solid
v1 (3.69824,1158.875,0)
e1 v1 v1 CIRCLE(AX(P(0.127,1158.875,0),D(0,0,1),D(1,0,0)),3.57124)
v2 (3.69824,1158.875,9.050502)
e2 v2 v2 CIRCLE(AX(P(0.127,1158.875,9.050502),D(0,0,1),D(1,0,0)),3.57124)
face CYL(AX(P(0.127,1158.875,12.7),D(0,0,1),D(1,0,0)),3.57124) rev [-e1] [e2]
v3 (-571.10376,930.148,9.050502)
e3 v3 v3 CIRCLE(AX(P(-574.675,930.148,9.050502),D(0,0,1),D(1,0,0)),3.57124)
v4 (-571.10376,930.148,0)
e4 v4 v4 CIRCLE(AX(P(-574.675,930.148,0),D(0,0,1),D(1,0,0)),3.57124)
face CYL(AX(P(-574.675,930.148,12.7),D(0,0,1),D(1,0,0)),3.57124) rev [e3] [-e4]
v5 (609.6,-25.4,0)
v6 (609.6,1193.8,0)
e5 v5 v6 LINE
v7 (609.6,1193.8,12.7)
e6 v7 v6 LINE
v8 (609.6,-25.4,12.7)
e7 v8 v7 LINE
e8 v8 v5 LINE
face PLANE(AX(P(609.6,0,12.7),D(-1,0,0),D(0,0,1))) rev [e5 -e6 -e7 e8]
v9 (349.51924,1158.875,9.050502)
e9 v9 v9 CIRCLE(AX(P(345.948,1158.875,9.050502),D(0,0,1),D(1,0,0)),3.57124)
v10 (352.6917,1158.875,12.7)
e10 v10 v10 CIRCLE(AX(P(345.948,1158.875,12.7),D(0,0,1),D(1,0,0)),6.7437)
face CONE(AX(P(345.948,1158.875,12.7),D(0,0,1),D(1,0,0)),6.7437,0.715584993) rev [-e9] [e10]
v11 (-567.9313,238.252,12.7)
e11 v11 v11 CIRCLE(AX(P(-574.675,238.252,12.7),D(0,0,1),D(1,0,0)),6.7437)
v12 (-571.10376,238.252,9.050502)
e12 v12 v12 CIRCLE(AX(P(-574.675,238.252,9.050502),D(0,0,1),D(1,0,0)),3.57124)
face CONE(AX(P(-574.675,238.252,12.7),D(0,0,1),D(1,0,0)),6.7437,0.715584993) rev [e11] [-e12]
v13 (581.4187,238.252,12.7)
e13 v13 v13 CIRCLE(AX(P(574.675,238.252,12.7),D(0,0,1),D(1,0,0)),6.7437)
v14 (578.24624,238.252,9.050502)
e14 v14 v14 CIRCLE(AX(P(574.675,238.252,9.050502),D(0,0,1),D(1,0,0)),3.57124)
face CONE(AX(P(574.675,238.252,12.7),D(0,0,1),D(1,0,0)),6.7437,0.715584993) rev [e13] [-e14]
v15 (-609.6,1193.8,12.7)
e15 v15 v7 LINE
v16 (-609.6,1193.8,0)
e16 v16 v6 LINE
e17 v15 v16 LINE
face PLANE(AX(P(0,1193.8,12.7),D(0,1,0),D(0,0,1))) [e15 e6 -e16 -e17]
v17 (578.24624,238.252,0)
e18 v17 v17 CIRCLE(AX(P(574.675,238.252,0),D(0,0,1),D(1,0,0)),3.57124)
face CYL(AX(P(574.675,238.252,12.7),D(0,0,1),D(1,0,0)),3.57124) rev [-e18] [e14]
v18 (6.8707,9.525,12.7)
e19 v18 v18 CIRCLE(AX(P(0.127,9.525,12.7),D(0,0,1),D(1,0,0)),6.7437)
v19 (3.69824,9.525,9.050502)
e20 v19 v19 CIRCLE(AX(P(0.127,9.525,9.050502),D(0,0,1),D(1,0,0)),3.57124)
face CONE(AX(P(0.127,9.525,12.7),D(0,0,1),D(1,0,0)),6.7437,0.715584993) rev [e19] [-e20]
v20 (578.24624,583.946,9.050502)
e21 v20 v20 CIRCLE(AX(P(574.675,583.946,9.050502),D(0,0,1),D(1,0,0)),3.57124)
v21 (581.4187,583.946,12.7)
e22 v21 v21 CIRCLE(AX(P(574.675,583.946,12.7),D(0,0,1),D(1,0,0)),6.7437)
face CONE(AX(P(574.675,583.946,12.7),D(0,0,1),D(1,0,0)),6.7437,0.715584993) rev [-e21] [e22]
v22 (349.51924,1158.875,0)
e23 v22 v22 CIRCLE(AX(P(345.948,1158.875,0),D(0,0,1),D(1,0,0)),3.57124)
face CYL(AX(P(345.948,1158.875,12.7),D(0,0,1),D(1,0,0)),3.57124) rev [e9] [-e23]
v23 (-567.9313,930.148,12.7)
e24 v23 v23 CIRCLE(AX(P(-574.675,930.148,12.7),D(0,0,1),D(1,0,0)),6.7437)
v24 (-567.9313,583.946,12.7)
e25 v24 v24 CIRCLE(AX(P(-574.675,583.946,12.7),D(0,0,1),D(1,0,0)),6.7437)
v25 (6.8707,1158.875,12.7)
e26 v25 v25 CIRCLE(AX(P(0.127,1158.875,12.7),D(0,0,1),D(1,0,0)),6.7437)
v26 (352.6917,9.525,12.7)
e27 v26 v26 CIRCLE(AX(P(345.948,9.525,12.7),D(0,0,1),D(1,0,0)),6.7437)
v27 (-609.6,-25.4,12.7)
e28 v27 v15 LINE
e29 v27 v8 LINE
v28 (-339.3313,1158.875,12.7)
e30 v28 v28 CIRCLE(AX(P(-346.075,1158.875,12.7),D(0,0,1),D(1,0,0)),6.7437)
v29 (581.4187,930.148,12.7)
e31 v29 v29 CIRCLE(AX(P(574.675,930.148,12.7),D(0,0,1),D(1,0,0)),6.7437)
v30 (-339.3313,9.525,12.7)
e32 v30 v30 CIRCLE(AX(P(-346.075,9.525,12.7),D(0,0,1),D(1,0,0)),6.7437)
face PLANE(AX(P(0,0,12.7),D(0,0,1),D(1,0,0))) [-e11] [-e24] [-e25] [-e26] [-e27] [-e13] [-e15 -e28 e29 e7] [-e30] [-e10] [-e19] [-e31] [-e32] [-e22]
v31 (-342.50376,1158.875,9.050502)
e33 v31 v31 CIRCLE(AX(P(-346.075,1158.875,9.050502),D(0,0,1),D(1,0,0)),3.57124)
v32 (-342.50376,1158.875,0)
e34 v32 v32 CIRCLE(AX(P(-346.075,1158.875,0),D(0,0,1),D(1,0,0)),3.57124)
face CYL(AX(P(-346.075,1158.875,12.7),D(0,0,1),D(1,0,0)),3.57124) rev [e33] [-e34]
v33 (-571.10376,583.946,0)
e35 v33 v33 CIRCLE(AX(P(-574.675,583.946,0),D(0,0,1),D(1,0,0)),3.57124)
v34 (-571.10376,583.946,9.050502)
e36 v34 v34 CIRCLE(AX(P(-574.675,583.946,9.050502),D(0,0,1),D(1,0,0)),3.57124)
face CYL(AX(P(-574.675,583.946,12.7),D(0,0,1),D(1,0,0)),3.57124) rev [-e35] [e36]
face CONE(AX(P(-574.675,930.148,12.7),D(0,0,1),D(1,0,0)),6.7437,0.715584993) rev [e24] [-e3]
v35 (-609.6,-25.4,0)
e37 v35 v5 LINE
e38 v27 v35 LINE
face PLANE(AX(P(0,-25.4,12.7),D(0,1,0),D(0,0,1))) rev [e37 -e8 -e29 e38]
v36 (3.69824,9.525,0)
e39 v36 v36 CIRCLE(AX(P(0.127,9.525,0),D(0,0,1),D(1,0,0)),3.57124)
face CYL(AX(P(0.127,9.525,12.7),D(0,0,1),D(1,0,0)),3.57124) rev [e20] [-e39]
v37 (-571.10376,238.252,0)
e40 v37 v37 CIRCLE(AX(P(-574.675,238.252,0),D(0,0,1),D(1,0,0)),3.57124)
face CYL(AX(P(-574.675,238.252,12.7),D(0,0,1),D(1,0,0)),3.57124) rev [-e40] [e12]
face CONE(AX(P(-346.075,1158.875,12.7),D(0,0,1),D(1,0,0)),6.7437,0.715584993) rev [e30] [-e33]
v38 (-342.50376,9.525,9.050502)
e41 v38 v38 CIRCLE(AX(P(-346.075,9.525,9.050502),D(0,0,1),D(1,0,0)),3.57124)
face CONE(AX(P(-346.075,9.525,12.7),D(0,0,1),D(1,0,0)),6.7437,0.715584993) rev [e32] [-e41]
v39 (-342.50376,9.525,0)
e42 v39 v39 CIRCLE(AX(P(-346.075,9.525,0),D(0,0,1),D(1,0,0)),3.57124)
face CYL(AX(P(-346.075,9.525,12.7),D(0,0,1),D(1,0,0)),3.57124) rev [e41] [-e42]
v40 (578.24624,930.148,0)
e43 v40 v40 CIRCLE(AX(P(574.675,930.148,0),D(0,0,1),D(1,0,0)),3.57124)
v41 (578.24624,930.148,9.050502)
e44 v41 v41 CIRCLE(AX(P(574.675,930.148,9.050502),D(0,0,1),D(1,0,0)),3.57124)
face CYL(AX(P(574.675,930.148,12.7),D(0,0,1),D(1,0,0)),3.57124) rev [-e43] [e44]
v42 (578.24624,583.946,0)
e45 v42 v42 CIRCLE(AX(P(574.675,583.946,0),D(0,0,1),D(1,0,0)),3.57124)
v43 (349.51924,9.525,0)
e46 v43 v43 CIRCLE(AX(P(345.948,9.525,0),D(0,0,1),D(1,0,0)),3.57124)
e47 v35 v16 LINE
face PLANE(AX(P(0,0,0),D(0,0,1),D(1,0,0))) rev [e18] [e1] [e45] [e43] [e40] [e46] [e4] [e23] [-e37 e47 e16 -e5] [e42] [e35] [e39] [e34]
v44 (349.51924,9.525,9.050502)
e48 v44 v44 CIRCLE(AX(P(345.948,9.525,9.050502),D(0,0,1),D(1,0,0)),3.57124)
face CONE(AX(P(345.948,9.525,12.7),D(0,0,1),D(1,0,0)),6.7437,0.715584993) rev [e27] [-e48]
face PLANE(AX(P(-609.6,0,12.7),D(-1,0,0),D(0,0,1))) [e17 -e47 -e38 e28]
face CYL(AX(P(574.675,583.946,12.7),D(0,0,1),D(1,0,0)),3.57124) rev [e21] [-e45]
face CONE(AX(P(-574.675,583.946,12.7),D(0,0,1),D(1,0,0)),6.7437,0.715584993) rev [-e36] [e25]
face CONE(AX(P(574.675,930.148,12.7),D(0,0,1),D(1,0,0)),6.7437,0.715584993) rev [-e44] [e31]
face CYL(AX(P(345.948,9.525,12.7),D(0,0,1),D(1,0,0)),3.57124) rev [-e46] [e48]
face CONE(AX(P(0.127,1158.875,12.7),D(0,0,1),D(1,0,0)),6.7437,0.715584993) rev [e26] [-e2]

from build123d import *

# Parameters (mm, degrees)
SKETCH1_W                                           = 1219.2
SKETCH1_H                                           = 1219.2
BOSS_EXTRUDE1_DEPTH                                 = 12.7
SKETCH2_R                                           = 3.302
CUT_EXTRUDE4_DEPTH                                  = 12.7
CSK_FOR_1_4_FLAT_HEAD_SOCKET_CAP_SCREW1_D           = 7.14248
CSK_FOR_1_4_FLAT_HEAD_SOCKET_CAP_SCREW1_CSINK_D     = 13.4874
CSK_FOR_1_4_FLAT_HEAD_SOCKET_CAP_SCREW1_CSINK_ANGLE = 82


with BuildPart() as part:
    # Sketch1 → Boss-Extrude1 (new body)
    with BuildSketch(Plane.XY):
        with Locations((0, 584.2)):
            Rectangle(SKETCH1_W, SKETCH1_H)
    extrude(amount=BOSS_EXTRUDE1_DEPTH)

    # Sketch2 → Cut-Extrude4 (cut)
    with BuildSketch(Plane.XY.offset(12.7)):
        with Locations((-346.075, 1158.875)):
            Circle(SKETCH2_R)
        with Locations((0.127, 1158.875)):
            Circle(SKETCH2_R)
        with Locations((345.948, 1158.875)):
            Circle(SKETCH2_R)
        with Locations((345.948, 9.525)):
            Circle(SKETCH2_R)
        with Locations((0.127, 9.525)):
            Circle(SKETCH2_R)
        with Locations((-346.075, 9.525)):
            Circle(SKETCH2_R)
        with Locations((-574.675, 930.148)):
            Circle(SKETCH2_R)
        with Locations((-574.675, 583.946)):
            Circle(SKETCH2_R)
        with Locations((-574.675, 238.252)):
            Circle(SKETCH2_R)
        with Locations((574.675, 930.148)):
            Circle(SKETCH2_R)
        with Locations((574.675, 583.946)):
            Circle(SKETCH2_R)
        with Locations((574.675, 238.252)):
            Circle(SKETCH2_R)
    extrude(amount=-CUT_EXTRUDE4_DEPTH, mode=Mode.SUBTRACT)

    # CSK for 1/4 Flat Head Socket Cap Screw1 (through all)
    with Locations(Plane(origin=(345.948, 9.525, 12.7), x_dir=(1, 0, 0), z_dir=(0, 0, 1))):
        with Locations((0, 0), (-345.821, 0), (-692.023, 0), (-920.623, 228.727), (-920.623, 574.421), (-920.623, 920.623), (-692.023, 1149.35), (-345.821, 1149.35), (0, 1149.35), (228.727, 920.623), (228.727, 574.421), (228.727, 228.727)):
            CounterSinkHole(CSK_FOR_1_4_FLAT_HEAD_SOCKET_CAP_SCREW1_D / 2, CSK_FOR_1_4_FLAT_HEAD_SOCKET_CAP_SCREW1_CSINK_D / 2, counter_sink_angle=CSK_FOR_1_4_FLAT_HEAD_SOCKET_CAP_SCREW1_CSINK_ANGLE)


solid = part.part
